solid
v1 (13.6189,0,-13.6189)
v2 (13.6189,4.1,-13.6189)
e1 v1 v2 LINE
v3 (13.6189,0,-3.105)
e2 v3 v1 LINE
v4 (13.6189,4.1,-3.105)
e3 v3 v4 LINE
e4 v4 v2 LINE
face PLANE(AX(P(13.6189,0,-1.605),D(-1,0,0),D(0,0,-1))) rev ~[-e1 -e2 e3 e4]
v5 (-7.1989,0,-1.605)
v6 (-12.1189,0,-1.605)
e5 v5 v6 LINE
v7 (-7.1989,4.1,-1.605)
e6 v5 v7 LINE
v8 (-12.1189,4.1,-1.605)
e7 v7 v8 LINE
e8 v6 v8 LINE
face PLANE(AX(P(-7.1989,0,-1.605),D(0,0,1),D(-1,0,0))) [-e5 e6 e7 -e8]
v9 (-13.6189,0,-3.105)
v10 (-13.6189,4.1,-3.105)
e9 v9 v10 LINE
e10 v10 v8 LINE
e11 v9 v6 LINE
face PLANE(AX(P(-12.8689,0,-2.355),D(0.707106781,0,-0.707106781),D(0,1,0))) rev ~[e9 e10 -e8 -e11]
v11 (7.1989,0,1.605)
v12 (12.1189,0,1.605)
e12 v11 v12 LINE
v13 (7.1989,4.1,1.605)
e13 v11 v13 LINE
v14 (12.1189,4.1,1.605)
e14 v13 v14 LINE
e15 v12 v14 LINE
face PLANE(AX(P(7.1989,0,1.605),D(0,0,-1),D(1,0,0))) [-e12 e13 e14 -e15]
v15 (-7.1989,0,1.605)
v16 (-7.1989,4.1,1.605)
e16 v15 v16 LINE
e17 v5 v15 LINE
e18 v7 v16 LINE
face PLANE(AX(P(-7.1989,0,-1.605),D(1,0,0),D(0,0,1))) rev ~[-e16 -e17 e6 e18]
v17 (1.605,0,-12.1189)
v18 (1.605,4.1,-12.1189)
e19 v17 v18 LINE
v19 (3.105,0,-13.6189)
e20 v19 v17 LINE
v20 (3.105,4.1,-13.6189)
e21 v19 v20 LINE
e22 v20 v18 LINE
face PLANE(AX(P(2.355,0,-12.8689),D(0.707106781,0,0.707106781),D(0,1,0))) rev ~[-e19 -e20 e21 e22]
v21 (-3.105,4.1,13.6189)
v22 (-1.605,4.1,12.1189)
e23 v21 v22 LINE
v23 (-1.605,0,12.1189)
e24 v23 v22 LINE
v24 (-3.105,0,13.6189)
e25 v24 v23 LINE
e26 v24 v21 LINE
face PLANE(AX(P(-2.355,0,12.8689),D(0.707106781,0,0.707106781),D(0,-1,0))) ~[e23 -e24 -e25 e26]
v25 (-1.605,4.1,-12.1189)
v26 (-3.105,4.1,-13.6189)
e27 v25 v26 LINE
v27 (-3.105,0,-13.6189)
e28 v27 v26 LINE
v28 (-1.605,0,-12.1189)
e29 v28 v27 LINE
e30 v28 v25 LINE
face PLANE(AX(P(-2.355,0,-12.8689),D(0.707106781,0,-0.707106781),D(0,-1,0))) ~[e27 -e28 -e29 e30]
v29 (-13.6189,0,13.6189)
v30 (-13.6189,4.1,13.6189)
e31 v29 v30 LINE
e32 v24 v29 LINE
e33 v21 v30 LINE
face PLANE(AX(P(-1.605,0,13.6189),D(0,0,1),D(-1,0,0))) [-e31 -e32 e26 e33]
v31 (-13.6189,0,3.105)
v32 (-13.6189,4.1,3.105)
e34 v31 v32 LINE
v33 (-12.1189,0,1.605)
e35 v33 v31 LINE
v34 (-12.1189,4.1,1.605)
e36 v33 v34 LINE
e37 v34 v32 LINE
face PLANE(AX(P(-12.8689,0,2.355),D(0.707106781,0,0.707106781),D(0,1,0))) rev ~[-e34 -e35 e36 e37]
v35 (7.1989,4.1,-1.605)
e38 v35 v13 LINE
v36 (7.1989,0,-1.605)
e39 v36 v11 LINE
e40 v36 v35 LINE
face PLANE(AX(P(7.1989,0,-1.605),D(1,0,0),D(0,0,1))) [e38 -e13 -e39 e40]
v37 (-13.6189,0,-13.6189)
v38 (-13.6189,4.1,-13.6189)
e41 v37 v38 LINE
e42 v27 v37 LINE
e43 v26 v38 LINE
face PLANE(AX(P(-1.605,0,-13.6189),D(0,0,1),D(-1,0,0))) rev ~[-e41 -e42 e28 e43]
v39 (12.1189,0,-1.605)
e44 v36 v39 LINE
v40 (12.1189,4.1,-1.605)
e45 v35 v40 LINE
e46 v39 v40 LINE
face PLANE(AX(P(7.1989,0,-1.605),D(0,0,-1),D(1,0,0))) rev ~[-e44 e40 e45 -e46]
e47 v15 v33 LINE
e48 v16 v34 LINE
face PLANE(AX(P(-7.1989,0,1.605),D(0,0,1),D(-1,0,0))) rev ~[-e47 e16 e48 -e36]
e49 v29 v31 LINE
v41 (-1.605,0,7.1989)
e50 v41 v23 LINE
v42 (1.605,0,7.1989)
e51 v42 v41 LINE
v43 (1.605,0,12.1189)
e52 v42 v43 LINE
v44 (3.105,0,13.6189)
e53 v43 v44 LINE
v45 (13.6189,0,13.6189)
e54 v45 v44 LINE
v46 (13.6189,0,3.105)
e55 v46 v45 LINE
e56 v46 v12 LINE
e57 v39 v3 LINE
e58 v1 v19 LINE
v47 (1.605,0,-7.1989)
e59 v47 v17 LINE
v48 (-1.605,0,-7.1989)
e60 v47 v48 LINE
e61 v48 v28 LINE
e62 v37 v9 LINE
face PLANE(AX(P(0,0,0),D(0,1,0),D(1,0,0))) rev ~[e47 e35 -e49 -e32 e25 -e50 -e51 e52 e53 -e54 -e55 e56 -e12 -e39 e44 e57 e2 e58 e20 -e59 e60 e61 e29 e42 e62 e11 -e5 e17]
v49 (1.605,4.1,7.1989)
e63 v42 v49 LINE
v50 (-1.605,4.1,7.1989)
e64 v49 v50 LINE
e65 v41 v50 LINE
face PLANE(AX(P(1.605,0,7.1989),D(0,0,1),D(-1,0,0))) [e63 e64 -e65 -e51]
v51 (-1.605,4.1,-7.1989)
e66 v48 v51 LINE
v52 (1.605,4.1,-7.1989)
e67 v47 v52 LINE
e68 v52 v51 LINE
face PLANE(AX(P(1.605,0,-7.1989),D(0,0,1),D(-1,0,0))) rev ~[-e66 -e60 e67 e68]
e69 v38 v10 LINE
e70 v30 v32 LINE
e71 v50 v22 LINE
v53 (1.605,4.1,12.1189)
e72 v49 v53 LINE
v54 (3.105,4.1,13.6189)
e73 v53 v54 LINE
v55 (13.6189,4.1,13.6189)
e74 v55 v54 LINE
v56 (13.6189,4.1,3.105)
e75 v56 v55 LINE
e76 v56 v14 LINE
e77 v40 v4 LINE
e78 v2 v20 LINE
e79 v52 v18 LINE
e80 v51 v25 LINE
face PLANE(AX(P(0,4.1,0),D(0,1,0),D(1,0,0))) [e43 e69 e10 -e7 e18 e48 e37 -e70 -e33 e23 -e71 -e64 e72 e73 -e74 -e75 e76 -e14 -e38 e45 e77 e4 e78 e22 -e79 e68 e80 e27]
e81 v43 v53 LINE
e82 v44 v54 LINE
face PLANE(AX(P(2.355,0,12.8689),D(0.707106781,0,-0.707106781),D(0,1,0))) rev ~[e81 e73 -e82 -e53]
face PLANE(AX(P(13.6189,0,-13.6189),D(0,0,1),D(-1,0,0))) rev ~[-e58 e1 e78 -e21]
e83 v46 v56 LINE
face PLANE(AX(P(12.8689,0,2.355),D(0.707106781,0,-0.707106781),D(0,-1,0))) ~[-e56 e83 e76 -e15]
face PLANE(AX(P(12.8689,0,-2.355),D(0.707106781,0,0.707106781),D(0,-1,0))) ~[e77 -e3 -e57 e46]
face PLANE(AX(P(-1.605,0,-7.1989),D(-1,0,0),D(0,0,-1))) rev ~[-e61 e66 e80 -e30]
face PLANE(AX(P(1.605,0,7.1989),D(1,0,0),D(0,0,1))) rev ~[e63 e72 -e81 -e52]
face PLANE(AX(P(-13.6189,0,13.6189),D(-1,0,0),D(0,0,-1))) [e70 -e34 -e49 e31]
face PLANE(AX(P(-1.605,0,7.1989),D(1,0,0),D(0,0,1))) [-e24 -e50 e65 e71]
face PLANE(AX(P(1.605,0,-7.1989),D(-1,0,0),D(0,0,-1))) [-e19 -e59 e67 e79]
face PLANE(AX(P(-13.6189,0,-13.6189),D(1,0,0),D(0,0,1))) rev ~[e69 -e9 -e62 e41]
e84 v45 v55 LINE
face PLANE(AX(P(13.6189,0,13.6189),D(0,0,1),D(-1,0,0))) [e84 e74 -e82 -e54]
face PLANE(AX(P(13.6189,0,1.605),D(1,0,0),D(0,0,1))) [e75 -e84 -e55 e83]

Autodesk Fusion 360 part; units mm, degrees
sketch "Sketch1" plane through (0, 0, 0) normal (0, 1, 0) x (1, 0, 0)
  line L0 (13.6189, 1.605) -> (13.6189, 13.6189)
  line L1 (-13.6189, 13.6189) -> (-13.6189, 1.605)
  line L2 (13.6189, -1.605) -> (13.6189, -13.6189)
  line L3 (-13.6189, -13.6189) -> (-13.6189, -1.605)
  line L4 (1.605, 7.1989) -> (1.605, 13.6189)
  line L5 (0, 0) -> (2.5, 0)
  line L6 (7.1989, 1.605) -> (13.6189, 1.605)
  line L7 (7.1989, -1.605) -> (13.6189, -1.605)
  line L8 (13.6189, 13.6189) -> (1.605, 13.6189)
  line L9 (-1.605, 13.6189) -> (-13.6189, 13.6189)
  line L10 (-13.6189, 13.6189) -> (0, 0)
  line L11 (0, 0) -> (13.6189, 13.6189)
  line L12 (-13.6189, -13.6189) -> (0, 0)
  line L13 (0, 0) -> (13.6189, -13.6189)
  line L14 (7.1989, 1.605) -> (7.1989, -1.605)
  line L15 (-7.1989, -1.605) -> (-13.6189, -1.605)
  line L16 (-7.1989, 1.605) -> (-7.1989, -1.605)
  line L17 (-7.1989, 1.605) -> (-13.6189, 1.605)
  line L18 (-1.605, 7.1989) -> (-1.605, 13.6189)
  line L19 (1.605, 7.1989) -> (-1.605, 7.1989)
  line L20 (-1.605, -7.1989) -> (-1.605, -13.6189)
  line L21 (1.605, -7.1989) -> (1.605, -13.6189)
  line L22 (1.605, -7.1989) -> (-1.605, -7.1989)
  line L23 (13.6189, -13.6189) -> (1.605, -13.6189)
  line L24 (-1.605, -13.6189) -> (-13.6189, -13.6189)
  line L25 (81.6508, 319732.5239) -> (6.33, 319732.5239)
  line L26 (81.6508, 319732.5239) -> (102.864, 319753.7371)
  line L27 (92.864, 319735.0239) -> (102.864, 319735.0239)
  line L28 (102.864, 319753.7371) -> (84.1508, 319753.7371)
  line L29 (92.864, 319730.0239) -> (102.864, 319730.0239)
  line L30 (102.864, 319735.0239) -> (102.864, 319753.7371)
  line L31 (60.4376, 319753.7371) -> (60.4376, 319735.0239)
  line L32 (60.4376, 319711.3107) -> (60.4376, 319730.0239)
  line L33 (84.1508, 319743.7371) -> (84.1508, 319753.7371)
  line L34 (60.4376, 319711.3107) -> (81.6508, 319732.5239)
  line L35 (102.864, 319730.0239) -> (102.864, 319711.3107)
  line L36 (60.4376, 319753.7371) -> (81.6508, 319732.5239)
  line L37 (84.1508, 319721.3107) -> (79.1508, 319721.3107)
  line L38 (84.1508, 319721.3107) -> (84.1508, 319711.3107)
  line L39 (79.1508, 319721.3107) -> (79.1508, 319711.3107)
  line L40 (84.1508, 319743.7371) -> (79.1508, 319743.7371)
  line L41 (79.1508, 319743.7371) -> (79.1508, 319753.7371)
  line L42 (92.864, 319735.0239) -> (92.864, 319730.0239)
  line L43 (81.6508, 319732.5239) -> (102.864, 319711.3107)
  line L44 (79.1508, 319753.7371) -> (60.4376, 319753.7371)
  line L45 (79.1508, 319711.3107) -> (60.4376, 319711.3107)
  line L46 (70.4376, 319730.0239) -> (60.4376, 319730.0239)
  line L47 (70.4376, 319735.0239) -> (70.4376, 319730.0239)
  line L48 (70.4376, 319735.0239) -> (60.4376, 319735.0239)
  line L49 (102.864, 319711.3107) -> (84.1508, 319711.3107)
  dimension "d9" = 19.26
  dimension "d15" = 6.42
  dimension "d60" = 30
  dimension "d61" = 10
  dimension "d62" = 5
  dimension "d69" = 3.21
extrude "Extrude1" add sketch "Sketch1" along normal blind 4.1 contours L0 L2 L6 L7 L11 L13 L14 | L4 L8 L9 L10 L11 L18 L19 | L1 L3 L10 L12 L15 L16 L17 | L12 L13 L20 L21 L22 L23 L24
chamfer "Chamfer1" distance 1.5 angle 45 8 edges at (-13.6189, 2.05, 1.605) (-13.6189, 2.05, -1.605) (-1.605, 2.05, -13.6189) (1.605, 2.05, -13.6189) (13.6189, 2.05, -1.605) (13.6189, 2.05, 1.605) (1.605, 2.05, 13.6189) (-1.605, 2.05, 13.6189) measured on face at (-9.3389, 1.3667, 1.605) measured on face at (-13.6189, 1.3667, -9.6143) measured on face at (-1.605, 2.7333, -11.4789) measured on face at (9.6143, 1.3667, -13.6189) measured on face at (9.3389, 1.3667, -1.605) measured on face at (13.6189, 1.3667, 5.6096) measured on face at (1.605, 1.3667, 9.3389) measured on face at (-5.6096, 1.3667, 13.6189)
equation "d9 = THICKNESS * 6"
equation "d15 = THICKNESS * 2"
equation "SLOT = 10 mm"
equation "d60 = SLOT * 3"
equation "d61 = SLOT"
equation "d62 = SLOT / 2"
equation "d69 = THICKNESS"
equation "THICKNESS = 3.21 mm"
